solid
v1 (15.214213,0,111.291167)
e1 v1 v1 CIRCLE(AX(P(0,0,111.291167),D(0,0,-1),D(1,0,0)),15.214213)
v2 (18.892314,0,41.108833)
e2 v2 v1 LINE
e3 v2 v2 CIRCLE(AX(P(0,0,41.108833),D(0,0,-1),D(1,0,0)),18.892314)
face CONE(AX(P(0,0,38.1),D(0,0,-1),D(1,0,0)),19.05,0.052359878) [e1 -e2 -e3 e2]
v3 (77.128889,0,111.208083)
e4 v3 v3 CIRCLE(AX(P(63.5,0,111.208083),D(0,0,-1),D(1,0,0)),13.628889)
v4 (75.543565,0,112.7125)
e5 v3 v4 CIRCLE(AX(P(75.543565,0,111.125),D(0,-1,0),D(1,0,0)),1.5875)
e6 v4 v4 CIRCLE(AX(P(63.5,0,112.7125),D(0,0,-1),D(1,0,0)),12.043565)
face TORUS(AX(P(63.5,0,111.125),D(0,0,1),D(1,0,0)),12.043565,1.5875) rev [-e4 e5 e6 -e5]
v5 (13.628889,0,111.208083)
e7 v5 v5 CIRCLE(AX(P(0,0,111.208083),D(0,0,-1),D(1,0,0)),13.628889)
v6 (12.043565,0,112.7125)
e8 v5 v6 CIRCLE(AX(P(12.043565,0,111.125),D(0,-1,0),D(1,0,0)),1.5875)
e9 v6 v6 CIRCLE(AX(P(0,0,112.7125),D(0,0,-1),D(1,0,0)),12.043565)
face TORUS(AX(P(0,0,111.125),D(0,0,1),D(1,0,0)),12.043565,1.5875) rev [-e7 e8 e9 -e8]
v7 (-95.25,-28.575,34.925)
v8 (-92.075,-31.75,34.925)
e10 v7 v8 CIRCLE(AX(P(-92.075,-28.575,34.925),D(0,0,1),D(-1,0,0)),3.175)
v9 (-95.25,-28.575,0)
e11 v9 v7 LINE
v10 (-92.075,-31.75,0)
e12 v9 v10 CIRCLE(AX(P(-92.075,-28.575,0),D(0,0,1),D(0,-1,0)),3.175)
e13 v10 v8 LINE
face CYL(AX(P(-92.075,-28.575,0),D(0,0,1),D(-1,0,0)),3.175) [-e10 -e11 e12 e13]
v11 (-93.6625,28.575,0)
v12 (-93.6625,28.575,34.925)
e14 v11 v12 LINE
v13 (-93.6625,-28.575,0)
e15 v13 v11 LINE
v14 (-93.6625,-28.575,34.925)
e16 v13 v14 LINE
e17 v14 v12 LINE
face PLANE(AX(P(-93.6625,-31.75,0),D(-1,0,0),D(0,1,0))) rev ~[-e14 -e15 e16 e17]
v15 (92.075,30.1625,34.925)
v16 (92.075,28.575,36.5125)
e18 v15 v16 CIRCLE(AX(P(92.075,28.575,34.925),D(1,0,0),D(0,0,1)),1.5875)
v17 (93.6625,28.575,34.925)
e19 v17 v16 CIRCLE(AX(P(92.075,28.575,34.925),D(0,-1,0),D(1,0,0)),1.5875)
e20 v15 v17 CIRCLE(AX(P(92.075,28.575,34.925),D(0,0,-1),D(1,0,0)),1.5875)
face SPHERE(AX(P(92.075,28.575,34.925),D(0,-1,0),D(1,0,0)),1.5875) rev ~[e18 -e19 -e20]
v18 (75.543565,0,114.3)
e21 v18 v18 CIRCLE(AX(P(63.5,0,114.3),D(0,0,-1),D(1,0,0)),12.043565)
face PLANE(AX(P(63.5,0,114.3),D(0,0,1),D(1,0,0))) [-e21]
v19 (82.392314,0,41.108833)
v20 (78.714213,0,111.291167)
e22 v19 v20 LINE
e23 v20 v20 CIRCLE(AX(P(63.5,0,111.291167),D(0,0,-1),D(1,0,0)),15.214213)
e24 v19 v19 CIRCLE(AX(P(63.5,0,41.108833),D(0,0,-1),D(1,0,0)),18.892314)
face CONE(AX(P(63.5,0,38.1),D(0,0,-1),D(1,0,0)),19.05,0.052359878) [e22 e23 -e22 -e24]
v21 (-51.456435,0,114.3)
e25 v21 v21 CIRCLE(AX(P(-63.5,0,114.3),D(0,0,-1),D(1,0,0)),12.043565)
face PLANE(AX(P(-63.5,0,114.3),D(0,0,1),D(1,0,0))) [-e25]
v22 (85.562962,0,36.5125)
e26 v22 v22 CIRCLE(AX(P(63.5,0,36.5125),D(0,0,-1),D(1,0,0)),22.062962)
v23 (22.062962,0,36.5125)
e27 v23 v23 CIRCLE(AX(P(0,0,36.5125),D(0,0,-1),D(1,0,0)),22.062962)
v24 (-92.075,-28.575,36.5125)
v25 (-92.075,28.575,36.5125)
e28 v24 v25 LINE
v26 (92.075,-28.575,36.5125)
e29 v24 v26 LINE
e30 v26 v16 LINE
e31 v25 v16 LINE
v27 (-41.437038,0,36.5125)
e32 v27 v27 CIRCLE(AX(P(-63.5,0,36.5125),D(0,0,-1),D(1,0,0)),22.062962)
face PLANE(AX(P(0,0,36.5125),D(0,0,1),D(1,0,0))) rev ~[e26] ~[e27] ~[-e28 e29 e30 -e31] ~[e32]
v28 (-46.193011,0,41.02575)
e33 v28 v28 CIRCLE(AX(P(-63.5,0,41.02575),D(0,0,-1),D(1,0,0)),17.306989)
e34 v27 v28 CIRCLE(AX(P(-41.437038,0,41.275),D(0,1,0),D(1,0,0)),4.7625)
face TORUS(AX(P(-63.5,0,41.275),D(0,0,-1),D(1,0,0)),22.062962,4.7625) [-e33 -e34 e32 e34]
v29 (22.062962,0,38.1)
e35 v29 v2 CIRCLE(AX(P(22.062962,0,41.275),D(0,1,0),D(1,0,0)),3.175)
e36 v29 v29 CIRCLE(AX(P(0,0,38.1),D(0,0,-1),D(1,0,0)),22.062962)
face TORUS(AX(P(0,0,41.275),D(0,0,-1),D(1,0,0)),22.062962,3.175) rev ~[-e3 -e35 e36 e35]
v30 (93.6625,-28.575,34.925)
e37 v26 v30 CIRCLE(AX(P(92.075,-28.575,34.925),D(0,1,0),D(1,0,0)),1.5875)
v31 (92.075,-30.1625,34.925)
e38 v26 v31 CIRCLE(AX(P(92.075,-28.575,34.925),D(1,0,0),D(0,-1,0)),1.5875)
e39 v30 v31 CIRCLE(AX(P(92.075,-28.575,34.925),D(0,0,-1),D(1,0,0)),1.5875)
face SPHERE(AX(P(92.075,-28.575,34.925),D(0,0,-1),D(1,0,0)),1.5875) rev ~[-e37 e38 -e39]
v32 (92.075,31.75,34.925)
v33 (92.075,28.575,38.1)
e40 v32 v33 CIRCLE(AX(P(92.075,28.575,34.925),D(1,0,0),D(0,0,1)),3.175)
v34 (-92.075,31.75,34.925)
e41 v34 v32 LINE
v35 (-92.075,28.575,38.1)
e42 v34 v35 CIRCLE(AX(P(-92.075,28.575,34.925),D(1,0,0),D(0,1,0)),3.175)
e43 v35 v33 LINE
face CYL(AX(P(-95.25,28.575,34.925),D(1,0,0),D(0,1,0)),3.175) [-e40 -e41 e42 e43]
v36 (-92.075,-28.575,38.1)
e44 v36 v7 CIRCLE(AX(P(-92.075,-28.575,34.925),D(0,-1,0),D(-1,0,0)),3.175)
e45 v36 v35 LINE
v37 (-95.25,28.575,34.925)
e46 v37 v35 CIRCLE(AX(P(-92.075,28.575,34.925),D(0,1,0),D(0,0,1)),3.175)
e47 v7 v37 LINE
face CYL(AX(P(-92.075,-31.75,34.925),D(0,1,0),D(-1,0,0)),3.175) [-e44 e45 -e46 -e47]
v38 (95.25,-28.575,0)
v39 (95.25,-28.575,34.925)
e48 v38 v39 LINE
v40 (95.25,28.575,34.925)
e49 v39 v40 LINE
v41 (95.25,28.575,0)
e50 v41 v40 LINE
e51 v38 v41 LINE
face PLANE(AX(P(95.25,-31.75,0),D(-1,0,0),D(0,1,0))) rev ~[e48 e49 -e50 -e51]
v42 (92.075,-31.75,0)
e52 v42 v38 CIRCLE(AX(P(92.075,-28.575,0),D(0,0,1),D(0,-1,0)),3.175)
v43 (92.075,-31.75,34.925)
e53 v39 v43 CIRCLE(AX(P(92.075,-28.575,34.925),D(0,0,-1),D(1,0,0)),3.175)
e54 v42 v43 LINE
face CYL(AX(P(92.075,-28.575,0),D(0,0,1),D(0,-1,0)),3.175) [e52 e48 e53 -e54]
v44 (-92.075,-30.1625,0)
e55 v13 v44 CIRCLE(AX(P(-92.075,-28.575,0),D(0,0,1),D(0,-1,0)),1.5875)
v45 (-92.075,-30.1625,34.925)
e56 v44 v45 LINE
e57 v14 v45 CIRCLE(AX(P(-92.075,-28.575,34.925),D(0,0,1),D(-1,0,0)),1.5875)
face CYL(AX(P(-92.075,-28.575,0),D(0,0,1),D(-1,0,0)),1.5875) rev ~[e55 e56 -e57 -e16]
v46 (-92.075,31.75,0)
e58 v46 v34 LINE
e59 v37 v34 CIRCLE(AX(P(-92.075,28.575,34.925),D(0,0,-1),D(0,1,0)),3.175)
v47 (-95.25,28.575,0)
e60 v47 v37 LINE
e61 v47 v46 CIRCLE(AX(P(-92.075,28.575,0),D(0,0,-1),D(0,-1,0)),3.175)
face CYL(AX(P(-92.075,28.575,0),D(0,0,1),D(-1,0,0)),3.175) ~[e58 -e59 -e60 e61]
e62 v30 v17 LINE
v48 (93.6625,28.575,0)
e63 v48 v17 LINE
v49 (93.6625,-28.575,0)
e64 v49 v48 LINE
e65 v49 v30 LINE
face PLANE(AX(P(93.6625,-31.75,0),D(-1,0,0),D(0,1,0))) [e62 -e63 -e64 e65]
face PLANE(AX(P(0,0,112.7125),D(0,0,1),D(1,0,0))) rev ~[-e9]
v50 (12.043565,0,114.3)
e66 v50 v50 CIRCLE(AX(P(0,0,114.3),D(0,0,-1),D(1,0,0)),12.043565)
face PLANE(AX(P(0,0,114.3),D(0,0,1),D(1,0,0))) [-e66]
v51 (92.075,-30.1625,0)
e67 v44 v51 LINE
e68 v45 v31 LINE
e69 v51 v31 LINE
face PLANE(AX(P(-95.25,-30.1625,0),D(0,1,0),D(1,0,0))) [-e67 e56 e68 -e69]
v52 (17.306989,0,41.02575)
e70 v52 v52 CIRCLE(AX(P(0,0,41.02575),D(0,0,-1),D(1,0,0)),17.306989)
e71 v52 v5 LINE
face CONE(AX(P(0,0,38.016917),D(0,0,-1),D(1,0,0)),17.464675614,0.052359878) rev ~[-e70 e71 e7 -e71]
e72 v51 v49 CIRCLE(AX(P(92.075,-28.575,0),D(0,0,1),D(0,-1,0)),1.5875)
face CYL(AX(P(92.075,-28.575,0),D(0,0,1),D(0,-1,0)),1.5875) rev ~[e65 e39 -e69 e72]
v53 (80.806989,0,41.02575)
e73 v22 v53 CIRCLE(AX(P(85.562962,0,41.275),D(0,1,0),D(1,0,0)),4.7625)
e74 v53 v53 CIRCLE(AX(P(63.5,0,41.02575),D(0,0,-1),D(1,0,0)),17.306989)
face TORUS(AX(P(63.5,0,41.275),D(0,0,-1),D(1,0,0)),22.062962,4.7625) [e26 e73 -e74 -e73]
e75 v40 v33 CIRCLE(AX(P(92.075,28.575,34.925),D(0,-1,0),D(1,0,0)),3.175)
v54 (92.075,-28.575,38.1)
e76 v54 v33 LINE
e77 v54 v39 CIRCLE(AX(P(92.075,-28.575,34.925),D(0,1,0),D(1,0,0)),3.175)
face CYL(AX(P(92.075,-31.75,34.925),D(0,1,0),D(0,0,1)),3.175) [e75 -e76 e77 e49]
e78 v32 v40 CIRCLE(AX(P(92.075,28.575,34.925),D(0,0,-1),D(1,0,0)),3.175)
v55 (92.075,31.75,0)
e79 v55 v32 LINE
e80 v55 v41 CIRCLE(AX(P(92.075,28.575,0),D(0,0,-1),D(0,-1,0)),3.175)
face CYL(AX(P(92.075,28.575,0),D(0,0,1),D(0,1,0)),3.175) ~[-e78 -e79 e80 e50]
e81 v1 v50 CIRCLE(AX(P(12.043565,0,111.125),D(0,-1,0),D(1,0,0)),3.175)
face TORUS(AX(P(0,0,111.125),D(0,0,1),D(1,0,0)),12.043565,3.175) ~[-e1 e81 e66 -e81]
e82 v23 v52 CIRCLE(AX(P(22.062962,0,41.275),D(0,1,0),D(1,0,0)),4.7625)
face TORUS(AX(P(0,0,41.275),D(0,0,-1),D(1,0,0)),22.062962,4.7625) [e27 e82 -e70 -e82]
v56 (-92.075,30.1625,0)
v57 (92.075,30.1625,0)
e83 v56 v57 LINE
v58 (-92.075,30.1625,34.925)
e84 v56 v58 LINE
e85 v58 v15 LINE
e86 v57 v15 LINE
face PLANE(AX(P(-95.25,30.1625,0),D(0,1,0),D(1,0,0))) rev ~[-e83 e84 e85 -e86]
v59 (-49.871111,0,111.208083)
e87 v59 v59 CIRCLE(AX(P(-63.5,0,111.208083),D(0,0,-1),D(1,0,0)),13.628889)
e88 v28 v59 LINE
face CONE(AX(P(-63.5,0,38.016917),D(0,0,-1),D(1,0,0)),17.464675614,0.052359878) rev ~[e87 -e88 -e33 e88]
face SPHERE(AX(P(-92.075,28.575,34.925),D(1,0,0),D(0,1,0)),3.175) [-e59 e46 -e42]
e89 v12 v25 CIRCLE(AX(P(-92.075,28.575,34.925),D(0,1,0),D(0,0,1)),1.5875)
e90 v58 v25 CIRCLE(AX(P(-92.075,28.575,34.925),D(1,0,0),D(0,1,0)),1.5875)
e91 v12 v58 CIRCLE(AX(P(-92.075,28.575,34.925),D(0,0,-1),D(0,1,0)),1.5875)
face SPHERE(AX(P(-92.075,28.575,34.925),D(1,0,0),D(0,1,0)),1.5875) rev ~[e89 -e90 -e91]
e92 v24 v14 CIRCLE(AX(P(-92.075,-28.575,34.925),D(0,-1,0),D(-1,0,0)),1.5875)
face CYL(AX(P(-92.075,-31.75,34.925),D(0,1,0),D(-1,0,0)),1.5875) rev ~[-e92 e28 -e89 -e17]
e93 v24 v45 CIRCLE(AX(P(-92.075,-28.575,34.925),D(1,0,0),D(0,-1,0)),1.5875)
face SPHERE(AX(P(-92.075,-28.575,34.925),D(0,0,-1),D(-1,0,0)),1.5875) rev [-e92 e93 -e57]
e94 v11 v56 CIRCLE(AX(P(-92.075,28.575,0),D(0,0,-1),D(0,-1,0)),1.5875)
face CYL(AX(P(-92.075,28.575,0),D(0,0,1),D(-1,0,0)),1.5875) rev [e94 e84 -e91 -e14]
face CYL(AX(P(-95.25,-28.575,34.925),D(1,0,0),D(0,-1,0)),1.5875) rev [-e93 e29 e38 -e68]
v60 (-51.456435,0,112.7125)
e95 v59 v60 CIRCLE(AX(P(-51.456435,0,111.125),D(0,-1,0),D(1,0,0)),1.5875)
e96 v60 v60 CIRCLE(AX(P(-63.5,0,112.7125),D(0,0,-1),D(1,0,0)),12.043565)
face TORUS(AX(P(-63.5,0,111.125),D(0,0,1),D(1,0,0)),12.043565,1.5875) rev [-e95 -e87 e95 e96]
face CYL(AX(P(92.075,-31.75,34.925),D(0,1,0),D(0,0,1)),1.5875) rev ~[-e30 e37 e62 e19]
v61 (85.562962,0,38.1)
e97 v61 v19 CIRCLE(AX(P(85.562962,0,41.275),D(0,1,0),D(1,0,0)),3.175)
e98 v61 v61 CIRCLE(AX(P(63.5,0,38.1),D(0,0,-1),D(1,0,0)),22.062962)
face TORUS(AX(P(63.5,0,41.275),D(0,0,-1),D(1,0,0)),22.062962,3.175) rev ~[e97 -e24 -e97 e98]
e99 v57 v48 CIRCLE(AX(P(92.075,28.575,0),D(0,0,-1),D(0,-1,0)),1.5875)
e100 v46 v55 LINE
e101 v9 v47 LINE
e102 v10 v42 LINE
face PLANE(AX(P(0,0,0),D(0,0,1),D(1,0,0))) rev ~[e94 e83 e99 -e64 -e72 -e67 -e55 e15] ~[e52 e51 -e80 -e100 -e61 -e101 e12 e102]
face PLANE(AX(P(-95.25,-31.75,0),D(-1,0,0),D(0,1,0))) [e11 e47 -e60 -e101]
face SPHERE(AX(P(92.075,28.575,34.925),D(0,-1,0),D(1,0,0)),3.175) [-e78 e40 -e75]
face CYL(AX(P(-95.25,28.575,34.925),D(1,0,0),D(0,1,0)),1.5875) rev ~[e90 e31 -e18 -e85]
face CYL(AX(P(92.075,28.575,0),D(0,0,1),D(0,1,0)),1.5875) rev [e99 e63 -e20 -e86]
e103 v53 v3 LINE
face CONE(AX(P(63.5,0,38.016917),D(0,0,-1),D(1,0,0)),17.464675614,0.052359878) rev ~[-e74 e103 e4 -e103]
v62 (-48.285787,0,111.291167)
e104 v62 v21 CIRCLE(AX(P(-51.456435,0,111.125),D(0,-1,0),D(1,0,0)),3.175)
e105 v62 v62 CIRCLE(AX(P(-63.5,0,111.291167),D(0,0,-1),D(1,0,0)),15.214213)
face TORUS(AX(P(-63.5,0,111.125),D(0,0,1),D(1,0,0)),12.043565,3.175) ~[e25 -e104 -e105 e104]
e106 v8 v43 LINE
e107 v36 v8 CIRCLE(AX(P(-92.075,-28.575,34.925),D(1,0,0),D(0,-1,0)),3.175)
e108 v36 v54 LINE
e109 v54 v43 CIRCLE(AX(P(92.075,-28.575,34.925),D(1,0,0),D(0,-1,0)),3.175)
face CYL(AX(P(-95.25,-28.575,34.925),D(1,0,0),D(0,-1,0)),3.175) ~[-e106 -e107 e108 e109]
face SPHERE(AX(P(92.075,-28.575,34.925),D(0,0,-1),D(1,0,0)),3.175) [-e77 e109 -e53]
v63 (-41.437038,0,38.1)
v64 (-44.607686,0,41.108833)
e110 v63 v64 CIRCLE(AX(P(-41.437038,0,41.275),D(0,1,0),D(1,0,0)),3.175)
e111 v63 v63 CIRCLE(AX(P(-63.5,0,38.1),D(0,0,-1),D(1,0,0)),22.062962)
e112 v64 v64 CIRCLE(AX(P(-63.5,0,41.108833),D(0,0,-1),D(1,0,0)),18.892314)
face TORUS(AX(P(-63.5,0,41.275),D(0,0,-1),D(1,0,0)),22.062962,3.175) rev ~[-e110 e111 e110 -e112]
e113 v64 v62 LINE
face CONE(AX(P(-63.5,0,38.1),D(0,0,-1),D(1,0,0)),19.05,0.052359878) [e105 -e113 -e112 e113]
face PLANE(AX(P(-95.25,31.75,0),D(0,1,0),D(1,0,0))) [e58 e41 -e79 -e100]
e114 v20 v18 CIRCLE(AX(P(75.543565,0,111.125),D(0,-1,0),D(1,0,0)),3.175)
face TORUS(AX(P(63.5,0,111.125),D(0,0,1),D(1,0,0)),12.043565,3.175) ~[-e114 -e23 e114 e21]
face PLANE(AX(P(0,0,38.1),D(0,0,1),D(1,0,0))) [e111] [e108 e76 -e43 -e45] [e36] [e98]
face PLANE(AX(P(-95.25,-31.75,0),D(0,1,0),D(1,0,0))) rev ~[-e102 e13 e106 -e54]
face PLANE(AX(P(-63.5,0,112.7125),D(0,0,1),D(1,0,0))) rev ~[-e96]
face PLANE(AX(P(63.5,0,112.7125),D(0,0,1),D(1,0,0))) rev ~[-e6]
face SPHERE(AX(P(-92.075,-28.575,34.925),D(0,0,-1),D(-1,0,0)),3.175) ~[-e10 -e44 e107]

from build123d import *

# Parameters (mm, degrees)
F0_W     = 190.5
F0_H     = 63.5
F4_DEPTH = 38.1
F1_R     = 19.05
F2_DEPTH = 76.2
F2_TAPER = 3
F3_R     = 3.175
F5_T     = -1.5875


with BuildPart() as f4:
    # F0 (on Top) → F4 (new body)
    with BuildSketch(Plane.XY):
        Rectangle(F0_W, F0_H)
    extrude(amount=F4_DEPTH)

    # F1 (on face) → F2 (join)
    with BuildSketch(Plane.XY.offset(38.1)):
        with Locations((-63.5, 0)):
            Circle(F1_R)
        Circle(F1_R)
        with Locations((63.5, 0)):
            Circle(F1_R)
    extrude(amount=F2_DEPTH, taper=F2_TAPER)

    # F3
    f3_edges = [f4.edges().sort_by_distance(p)[0] for p in [
        (95.25, -31.75, 19.05),
        (95.25, 0, 38.1),
        (95.25, 31.75, 19.05),
        (0, 31.75, 38.1),
        (-95.25, 31.75, 19.05),
        (-95.25, -31.75, 19.05),
        (-78.556527, 0, 114.3),
        (-15.056527, 0, 114.3),
        (48.443473, 0, 114.3),
        (-95.25, 0, 38.1),
        (44.45, 0, 38.1),
        (-19.05, 0, 38.1),
        (0, -31.75, 38.1),
        (-82.55, 0, 38.1),
    ]]
    fillet(f3_edges, radius=F3_R)

    # F5
    f5_openings = [f4.faces().sort_by_distance(p)[0] for p in [
        (0, 0, 0),
    ]]
    offset(amount=F5_T, openings=f5_openings)


solid = f4.part
